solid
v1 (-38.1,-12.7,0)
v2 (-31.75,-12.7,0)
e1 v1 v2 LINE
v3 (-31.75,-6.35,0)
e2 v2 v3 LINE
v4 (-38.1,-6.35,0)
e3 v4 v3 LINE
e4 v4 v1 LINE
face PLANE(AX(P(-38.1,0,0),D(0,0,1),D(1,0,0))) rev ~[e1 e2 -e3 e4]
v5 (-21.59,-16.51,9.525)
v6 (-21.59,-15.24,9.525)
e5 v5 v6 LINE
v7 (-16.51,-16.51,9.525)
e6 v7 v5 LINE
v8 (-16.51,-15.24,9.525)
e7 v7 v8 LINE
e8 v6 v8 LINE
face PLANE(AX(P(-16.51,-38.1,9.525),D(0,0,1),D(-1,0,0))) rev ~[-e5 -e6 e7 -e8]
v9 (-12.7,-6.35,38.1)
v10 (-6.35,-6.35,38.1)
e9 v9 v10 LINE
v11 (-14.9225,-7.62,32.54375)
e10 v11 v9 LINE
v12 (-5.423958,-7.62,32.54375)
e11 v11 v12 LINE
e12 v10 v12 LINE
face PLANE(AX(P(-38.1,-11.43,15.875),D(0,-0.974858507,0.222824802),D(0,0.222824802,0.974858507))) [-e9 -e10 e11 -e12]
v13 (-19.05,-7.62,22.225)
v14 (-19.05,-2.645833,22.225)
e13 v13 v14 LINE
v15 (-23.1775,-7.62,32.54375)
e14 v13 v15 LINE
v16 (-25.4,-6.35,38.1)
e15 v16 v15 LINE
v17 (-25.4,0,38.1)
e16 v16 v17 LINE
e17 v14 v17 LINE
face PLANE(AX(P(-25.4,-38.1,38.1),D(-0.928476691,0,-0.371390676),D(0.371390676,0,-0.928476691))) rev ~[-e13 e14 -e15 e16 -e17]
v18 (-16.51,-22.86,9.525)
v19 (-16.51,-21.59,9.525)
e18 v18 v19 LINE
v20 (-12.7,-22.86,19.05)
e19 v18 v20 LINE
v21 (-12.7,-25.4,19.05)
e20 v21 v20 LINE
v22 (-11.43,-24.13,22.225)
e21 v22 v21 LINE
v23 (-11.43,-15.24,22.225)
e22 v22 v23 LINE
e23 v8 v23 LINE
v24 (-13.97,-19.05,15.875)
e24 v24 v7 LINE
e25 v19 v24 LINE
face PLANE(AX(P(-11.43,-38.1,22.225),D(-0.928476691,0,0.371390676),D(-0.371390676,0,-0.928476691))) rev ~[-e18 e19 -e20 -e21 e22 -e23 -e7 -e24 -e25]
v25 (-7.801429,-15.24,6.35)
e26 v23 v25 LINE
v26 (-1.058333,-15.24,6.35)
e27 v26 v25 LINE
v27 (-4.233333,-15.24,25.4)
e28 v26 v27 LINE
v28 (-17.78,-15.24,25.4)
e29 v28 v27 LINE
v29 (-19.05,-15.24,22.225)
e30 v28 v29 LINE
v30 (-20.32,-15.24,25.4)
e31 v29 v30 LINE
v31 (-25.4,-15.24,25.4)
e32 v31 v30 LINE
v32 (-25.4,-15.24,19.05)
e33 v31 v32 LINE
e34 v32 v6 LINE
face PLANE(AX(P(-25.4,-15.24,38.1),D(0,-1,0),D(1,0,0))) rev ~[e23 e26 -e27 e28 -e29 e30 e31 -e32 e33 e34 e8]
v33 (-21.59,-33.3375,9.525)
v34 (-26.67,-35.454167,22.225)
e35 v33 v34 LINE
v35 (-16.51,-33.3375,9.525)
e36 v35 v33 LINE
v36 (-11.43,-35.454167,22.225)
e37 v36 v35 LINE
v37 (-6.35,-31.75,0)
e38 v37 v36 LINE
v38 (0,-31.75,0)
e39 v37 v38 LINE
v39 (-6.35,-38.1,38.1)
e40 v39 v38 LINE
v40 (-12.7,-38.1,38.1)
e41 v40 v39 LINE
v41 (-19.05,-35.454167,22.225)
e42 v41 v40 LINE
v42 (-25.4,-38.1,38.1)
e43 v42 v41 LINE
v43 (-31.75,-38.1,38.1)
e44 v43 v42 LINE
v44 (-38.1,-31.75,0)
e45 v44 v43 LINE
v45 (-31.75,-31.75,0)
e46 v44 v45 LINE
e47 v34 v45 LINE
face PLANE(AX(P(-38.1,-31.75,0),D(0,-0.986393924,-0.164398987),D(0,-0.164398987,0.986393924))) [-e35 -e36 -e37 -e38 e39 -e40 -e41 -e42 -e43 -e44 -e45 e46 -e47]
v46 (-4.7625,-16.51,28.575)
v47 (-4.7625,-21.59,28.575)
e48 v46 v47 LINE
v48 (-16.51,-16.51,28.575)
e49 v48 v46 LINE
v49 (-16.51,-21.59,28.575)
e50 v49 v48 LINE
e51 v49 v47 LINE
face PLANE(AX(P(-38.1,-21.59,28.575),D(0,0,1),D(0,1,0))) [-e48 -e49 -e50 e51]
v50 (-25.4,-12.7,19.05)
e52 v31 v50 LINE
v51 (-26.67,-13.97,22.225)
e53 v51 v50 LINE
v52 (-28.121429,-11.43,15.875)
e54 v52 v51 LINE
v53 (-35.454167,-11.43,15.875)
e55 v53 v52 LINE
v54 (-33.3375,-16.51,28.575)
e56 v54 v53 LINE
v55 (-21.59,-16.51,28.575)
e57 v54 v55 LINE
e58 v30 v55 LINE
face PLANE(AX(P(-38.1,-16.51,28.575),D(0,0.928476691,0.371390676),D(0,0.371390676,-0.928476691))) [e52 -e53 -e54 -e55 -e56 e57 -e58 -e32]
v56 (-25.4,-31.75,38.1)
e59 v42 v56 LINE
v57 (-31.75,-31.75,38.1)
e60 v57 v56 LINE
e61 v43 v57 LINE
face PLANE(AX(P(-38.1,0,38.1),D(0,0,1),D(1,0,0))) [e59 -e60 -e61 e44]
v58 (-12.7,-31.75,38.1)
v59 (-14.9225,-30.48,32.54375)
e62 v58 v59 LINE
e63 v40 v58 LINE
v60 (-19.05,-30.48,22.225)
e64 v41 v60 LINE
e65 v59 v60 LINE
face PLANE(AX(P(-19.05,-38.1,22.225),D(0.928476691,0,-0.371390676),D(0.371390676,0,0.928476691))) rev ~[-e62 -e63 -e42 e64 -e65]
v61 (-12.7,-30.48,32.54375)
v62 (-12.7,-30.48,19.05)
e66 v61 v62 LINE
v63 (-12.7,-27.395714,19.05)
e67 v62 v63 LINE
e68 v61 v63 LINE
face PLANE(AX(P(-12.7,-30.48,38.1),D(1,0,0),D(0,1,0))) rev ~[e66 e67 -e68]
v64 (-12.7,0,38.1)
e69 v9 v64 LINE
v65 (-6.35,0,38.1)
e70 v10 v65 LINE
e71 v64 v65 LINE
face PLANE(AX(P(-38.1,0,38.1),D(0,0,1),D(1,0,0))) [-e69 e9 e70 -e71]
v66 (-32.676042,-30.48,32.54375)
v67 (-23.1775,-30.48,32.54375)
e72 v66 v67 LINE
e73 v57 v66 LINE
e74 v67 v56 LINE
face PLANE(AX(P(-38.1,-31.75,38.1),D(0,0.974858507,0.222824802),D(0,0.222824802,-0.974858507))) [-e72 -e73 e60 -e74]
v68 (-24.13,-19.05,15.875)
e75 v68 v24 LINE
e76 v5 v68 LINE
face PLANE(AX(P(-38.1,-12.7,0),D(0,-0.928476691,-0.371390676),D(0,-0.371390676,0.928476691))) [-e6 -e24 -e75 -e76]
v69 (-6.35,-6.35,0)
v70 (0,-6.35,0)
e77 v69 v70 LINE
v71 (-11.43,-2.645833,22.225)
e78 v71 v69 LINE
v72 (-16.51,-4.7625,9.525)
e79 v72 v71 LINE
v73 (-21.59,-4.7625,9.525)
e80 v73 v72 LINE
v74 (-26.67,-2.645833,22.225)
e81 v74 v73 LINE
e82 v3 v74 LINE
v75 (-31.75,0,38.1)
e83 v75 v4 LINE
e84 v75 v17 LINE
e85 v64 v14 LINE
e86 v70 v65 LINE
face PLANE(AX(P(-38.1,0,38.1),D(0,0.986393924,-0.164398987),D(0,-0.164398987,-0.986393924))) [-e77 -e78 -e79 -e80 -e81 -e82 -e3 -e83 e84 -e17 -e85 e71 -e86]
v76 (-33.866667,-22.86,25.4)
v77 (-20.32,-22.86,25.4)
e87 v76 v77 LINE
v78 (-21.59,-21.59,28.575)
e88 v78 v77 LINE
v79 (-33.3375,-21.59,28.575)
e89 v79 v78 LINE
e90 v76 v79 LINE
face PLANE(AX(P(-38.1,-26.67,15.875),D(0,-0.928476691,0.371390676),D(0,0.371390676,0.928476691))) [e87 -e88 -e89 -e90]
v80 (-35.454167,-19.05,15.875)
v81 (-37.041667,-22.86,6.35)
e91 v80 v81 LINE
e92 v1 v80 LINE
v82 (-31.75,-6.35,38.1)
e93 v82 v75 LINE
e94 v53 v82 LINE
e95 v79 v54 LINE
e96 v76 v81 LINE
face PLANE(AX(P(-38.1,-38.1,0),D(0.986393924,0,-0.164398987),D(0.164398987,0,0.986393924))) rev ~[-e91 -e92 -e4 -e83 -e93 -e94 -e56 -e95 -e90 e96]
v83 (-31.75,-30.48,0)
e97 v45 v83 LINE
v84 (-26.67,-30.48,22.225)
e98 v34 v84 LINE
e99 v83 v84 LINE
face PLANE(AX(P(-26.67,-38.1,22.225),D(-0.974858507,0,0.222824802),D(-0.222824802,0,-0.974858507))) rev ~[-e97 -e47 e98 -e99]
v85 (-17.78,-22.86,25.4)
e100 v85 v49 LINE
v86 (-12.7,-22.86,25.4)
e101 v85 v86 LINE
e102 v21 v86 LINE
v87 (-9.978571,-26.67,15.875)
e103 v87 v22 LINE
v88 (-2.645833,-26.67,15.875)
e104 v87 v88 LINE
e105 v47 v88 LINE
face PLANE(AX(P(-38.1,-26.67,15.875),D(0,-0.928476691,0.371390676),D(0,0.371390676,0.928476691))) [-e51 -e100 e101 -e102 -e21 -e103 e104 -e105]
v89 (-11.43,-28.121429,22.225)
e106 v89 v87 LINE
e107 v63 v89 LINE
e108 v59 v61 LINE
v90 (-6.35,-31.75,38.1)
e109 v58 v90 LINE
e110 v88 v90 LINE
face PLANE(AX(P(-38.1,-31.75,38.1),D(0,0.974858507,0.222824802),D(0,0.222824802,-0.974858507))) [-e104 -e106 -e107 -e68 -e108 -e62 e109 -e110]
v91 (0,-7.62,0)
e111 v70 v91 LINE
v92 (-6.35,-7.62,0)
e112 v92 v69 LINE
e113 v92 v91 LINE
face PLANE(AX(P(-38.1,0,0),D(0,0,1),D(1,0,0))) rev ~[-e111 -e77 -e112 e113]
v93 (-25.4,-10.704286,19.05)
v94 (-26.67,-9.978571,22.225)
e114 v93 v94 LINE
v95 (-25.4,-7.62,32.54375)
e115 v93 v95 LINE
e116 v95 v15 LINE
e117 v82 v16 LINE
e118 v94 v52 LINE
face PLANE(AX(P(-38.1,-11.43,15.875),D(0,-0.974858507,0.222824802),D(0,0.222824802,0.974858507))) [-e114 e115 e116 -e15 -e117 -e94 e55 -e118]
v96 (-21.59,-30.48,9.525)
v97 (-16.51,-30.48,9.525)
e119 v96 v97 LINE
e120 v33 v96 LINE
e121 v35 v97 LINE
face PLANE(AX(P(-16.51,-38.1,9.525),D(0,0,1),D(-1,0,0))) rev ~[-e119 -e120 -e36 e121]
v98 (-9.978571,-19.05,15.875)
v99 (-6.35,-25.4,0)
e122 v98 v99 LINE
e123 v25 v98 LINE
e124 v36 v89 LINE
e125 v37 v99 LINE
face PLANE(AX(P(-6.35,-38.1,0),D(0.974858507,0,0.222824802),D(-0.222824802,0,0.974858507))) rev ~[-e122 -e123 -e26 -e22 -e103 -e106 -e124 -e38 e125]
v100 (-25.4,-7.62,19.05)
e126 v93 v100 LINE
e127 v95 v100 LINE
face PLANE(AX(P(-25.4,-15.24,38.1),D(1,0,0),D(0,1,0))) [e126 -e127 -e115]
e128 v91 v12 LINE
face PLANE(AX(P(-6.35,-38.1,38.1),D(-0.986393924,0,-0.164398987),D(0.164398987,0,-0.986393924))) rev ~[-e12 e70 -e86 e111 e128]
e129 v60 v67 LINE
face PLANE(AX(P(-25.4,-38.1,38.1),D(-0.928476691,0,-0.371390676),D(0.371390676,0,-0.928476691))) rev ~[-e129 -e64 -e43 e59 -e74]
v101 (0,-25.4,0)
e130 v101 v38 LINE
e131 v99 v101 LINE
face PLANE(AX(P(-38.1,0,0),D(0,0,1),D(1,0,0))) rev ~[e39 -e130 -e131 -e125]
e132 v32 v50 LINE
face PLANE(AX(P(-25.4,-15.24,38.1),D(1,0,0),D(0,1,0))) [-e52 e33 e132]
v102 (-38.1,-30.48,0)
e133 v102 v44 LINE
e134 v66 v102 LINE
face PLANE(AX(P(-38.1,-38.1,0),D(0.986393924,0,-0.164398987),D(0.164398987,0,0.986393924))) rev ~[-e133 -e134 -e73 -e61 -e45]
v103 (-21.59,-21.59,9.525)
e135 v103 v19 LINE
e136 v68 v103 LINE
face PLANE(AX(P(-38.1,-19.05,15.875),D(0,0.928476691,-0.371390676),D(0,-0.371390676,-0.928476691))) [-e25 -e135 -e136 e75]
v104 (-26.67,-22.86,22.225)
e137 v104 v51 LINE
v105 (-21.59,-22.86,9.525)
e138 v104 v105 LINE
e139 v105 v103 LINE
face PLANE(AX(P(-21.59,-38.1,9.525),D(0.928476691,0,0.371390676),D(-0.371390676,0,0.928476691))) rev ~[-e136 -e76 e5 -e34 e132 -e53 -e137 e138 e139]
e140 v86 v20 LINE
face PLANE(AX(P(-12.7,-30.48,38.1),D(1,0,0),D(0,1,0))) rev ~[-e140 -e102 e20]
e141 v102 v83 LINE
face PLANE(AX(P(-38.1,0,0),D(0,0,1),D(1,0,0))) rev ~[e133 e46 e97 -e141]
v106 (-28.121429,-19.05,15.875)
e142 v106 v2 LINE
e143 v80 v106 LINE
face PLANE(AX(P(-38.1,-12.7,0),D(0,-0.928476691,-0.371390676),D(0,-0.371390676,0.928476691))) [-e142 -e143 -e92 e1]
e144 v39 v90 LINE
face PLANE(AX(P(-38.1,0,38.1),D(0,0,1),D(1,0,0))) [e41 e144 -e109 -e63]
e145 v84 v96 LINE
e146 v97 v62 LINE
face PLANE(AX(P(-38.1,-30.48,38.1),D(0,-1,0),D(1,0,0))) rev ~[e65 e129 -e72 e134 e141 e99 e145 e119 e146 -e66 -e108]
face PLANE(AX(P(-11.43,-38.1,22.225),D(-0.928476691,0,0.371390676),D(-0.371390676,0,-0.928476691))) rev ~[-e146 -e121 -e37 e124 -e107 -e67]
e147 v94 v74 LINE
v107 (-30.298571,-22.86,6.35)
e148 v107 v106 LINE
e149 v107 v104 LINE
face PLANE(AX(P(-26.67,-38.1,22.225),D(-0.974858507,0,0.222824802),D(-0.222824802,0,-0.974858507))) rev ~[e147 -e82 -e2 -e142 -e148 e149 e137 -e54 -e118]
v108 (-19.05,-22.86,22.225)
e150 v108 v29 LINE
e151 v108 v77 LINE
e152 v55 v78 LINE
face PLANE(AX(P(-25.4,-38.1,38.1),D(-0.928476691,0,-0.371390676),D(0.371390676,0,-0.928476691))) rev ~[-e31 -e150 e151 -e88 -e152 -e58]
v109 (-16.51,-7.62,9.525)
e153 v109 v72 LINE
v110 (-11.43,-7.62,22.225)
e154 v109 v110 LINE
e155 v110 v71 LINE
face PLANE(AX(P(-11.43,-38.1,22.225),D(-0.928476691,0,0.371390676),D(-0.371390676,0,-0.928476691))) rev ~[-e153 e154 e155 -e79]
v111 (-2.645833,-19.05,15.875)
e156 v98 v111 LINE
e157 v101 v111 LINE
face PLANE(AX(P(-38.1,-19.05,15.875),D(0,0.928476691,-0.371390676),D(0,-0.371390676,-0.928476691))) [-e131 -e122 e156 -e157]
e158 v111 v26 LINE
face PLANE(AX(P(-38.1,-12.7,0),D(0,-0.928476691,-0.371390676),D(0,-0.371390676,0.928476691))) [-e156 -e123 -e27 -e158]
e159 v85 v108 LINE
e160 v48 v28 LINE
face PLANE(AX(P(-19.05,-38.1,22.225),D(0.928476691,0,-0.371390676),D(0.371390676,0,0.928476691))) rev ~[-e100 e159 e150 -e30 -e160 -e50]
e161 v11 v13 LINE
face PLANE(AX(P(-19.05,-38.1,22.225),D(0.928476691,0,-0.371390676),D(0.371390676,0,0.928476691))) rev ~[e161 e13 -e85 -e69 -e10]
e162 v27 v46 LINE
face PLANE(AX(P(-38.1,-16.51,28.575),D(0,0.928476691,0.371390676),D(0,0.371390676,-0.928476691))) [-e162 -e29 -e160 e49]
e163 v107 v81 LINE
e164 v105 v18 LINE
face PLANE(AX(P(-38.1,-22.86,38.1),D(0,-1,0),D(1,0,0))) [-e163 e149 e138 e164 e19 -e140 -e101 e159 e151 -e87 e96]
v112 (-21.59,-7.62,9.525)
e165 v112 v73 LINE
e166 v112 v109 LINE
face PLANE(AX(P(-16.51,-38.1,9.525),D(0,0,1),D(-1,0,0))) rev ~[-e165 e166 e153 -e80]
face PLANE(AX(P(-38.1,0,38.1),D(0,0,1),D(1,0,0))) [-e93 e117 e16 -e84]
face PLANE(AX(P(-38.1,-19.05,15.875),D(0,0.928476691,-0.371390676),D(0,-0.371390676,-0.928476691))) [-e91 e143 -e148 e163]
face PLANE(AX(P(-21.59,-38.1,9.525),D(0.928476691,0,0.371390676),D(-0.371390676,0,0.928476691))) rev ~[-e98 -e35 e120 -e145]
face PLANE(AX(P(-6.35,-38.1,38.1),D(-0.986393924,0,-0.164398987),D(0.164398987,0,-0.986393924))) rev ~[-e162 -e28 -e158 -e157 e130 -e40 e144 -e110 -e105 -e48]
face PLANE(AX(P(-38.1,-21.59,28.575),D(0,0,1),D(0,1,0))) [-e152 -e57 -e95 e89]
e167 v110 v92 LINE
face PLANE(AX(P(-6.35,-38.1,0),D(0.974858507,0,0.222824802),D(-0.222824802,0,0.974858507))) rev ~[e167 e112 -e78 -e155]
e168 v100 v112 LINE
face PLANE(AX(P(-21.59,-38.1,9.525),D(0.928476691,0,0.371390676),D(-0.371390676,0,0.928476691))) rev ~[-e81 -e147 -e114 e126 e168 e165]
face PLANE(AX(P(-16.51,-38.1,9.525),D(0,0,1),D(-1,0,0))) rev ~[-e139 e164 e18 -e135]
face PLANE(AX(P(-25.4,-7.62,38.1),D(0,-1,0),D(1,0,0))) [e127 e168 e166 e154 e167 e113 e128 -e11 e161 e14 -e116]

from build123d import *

# Parameters (mm, degrees)
F0_W      = 38.1
F0_H      = 38.1
F1_DEPTH  = 38.1
F6_DEPTH  = 38.1
F8_DEPTH  = 38.1
F9_W      = 25.4
F9_H      = 7.62
F10_DEPTH = 38.1


with BuildPart() as f1:
    # F0 (on Front) → F1 (new body)
    with BuildSketch(Plane.XZ):
        with Locations((-19.05, 19.05)):
            Rectangle(F0_W, F0_H)
    extrude(amount=F1_DEPTH)

    # F5 (on offset) → F6 (cut)
    with BuildSketch(Plane.YZ.offset(-38.1)):
        Polygon((-11.43, 15.875), (-6.35, 38.1), (-31.75, 38.1), (-26.67, 15.875), (-21.59, 28.575), (-16.51, 28.575), align=None)
        Polygon((0, 0), (0, 38.1), (-6.35, 0), align=None)
        Polygon((-25.4, 0), (-12.7, 0), (-19.05, 15.875), align=None)
        Polygon((-31.75, 0), (-38.1, 38.1), (-38.1, 0), align=None)
    extrude(amount=F6_DEPTH, mode=Mode.SUBTRACT)

    # F7 (on offset) → F8 (cut)
    with BuildSketch(Plane.XZ.offset(38.1)):
        Polygon((-26.67, 22.225), (-31.75, 0), (-6.35, 0), (-11.43, 22.225), (-16.51, 9.525), (-21.59, 9.525), align=None)
        Polygon((-31.75, 38.1), (-38.1, 38.1), (-38.1, 0), align=None)
        Polygon((-12.7, 38.1), (-25.4, 38.1), (-19.05, 22.225), align=None)
        Polygon((0, 38.1), (-6.35, 38.1), (0, 0), align=None)
    extrude(amount=-F8_DEPTH, mode=Mode.SUBTRACT)

    # F9 (on offset) → F10 (cut)
    with BuildSketch(Plane.XY.offset(38.1)):
        with Locations((-12.7, -11.43)):
            Rectangle(F9_W, F9_H)
        with Locations((-25.4, -26.67)):
            Rectangle(F9_W, F9_H)
    extrude(amount=-F10_DEPTH, mode=Mode.SUBTRACT)


solid = f1.part
